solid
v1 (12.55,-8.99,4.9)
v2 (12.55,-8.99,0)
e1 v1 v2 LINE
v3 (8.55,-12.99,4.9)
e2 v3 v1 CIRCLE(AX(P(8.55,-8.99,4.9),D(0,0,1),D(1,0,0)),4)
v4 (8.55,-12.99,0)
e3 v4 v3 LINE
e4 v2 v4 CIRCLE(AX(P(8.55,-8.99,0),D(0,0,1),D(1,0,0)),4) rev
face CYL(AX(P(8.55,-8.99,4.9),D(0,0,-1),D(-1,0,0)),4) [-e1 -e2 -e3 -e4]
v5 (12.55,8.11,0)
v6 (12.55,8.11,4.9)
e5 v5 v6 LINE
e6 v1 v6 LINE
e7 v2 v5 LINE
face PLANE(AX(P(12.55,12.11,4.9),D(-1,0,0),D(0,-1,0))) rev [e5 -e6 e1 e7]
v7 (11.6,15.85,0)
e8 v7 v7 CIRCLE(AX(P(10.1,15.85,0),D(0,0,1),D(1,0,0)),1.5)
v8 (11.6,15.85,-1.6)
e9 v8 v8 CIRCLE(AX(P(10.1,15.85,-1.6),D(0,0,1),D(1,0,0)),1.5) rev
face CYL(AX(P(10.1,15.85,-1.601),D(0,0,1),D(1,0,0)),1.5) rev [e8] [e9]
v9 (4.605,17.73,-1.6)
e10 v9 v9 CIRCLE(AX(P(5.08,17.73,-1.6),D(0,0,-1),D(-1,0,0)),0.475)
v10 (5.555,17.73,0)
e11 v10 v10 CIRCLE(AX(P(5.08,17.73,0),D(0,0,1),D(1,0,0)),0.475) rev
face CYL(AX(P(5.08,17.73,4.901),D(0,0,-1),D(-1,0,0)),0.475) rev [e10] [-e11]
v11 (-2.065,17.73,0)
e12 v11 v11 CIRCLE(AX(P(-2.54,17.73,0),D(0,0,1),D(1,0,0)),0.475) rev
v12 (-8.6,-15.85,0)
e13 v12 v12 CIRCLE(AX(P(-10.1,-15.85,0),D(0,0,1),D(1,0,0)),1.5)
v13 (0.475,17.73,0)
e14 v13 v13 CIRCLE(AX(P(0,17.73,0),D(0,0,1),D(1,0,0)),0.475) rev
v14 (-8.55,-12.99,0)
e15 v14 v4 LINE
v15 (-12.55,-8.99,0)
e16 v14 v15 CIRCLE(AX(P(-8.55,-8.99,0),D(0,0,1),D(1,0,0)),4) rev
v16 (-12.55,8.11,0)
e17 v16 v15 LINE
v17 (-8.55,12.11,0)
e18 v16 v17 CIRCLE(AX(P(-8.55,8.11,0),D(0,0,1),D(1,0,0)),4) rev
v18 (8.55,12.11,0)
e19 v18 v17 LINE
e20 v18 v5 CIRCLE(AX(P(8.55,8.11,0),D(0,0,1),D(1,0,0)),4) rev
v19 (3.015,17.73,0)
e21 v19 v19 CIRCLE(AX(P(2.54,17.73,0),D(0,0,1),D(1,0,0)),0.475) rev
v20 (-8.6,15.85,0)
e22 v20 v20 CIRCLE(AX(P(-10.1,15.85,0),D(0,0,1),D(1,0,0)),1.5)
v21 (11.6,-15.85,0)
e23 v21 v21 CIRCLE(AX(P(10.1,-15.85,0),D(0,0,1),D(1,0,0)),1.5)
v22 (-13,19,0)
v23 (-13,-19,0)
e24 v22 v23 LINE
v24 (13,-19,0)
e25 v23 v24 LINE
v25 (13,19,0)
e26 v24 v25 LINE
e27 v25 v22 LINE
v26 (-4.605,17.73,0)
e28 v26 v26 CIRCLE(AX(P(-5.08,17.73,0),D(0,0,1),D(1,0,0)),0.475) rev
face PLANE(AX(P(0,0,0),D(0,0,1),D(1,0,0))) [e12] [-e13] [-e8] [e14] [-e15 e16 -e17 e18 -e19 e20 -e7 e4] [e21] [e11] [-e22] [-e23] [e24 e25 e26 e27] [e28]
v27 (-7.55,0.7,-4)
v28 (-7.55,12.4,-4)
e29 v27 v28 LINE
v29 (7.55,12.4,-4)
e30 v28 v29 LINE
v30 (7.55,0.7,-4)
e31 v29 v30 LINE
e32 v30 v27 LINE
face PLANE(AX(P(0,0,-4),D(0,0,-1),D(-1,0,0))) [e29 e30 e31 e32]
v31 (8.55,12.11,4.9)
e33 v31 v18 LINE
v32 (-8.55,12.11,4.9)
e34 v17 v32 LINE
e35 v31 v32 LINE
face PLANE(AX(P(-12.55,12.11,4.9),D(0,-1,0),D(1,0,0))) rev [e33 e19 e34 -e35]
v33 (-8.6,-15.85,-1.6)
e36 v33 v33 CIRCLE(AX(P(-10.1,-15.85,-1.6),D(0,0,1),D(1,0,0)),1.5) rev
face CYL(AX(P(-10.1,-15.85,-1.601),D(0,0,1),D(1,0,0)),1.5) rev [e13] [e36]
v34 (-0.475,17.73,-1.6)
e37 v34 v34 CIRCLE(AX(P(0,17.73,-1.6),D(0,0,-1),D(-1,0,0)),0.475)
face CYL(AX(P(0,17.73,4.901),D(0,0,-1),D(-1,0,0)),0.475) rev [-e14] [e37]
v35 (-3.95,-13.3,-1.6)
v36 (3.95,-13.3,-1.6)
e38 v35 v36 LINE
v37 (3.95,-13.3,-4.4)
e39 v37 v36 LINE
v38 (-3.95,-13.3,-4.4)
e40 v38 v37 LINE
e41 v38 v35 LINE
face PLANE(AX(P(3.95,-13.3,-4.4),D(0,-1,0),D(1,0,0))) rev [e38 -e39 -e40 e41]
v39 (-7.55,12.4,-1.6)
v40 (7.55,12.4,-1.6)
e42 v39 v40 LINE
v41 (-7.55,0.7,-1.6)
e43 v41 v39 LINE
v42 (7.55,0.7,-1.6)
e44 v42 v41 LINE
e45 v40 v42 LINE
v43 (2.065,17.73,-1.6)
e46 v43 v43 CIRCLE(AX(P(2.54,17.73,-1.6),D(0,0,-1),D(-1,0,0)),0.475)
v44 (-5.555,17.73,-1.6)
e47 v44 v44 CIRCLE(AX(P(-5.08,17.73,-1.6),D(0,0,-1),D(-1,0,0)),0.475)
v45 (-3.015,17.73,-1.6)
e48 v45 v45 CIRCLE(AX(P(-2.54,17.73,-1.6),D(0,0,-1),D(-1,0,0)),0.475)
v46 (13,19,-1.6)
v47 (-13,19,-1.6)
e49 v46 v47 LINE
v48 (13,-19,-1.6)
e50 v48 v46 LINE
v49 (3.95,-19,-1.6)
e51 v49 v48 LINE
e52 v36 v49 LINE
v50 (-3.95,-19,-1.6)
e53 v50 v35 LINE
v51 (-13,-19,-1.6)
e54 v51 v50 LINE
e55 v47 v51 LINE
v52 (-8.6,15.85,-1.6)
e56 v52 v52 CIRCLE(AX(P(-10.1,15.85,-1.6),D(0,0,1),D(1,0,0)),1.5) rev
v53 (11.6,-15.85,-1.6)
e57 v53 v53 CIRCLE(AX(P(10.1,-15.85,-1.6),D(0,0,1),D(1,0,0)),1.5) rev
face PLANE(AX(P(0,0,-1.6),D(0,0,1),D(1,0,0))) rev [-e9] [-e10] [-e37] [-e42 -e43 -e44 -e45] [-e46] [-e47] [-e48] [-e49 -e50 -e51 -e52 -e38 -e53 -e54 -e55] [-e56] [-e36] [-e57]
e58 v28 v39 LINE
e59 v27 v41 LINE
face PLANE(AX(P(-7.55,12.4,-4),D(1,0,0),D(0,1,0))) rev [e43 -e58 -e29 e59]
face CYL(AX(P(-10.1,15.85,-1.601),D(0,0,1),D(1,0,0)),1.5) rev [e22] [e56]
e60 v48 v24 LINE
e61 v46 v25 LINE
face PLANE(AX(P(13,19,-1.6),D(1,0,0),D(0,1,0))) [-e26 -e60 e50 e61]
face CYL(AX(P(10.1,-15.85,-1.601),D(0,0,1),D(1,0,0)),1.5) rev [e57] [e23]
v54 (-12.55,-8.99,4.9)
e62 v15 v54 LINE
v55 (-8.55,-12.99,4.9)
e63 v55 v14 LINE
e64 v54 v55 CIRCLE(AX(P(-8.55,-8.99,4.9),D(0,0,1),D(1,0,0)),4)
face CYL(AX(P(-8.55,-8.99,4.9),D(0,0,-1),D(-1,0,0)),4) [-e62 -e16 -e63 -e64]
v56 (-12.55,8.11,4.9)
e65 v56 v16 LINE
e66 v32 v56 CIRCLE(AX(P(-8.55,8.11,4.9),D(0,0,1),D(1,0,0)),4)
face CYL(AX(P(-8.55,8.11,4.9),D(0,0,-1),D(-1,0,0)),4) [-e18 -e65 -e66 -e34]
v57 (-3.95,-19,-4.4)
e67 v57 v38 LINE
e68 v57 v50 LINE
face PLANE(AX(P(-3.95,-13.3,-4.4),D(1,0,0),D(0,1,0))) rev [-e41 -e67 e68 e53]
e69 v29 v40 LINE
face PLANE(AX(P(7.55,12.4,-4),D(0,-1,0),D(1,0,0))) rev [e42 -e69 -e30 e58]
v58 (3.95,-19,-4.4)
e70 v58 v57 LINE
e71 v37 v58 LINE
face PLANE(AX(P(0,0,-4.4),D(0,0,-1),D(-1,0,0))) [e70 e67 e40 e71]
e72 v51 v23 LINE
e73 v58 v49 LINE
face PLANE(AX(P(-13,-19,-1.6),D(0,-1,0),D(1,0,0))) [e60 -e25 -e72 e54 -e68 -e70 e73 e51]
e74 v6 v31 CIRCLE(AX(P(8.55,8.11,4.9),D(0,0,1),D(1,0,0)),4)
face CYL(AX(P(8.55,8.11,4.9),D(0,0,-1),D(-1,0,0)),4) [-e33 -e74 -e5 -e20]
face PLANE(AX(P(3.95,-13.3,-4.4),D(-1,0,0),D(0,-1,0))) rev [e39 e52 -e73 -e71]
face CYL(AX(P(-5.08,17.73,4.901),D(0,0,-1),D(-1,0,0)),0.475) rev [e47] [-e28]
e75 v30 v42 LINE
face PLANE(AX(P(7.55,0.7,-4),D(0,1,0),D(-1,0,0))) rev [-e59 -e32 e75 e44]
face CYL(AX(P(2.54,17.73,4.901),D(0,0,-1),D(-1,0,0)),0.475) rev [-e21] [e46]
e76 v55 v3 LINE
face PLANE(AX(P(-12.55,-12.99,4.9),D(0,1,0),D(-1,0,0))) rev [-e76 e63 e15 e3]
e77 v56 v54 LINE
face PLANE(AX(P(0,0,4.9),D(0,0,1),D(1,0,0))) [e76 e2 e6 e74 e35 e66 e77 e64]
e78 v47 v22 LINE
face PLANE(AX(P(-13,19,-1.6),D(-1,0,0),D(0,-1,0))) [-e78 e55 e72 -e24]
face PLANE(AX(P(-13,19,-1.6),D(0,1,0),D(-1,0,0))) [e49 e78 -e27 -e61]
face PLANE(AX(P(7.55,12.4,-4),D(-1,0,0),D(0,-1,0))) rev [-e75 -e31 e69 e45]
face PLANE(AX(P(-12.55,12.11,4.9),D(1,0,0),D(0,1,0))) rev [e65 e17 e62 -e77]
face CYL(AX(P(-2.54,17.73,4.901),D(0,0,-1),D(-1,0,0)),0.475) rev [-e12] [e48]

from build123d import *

# Parameters (mm, degrees)
SKETCH_1_W                 = 26
SKETCH_1_H                 = 38
EXTRUDE_1_DEPTH            = 1.6
CUT_EXTRUDE_1_REACH        = 25.077
SKETCH_2_R                 = 1.5
SKETCH_3_W                 = 25.1
SKETCH_3_H                 = 25.1
EXTRUDE_2_DEPTH            = 4.9
FILLET_1_R                 = 4
SKETCH_6_W                 = 15.1
SKETCH_6_H                 = 11.7
EXTRUDE_3_DEPTH            = 2.4
SKETCH_7_W                 = 7.9
SKETCH_7_H                 = 5.7
EXTRUDE_4_DEPTH            = 2.8
CUT_EXTRUDE_2_REACH        = 25.922
SKETCH_8_R                 = 0.475
PATTERN_LINEAR_1_COUNT     = 3
PATTERN_LINEAR_1_PITCH     = 2.54
PATTERN_LINEAR_1_COL_COUNT = 3
PATTERN_LINEAR_1_COL_PITCH = 2.54


with BuildPart() as part:
    # 草图1 → 凸台-拉伸1 (new body)
    with BuildSketch(Plane.XY):
        Rectangle(SKETCH_1_W, SKETCH_1_H)
    extrude(amount=-EXTRUDE_1_DEPTH)

    # 草图2 → 切除-拉伸1 (cut, up to next)
    with BuildSketch(Plane.XY, mode=Mode.PRIVATE) as cut_extrude_1_sk1:
        with Locations((-10.1, 15.85)):
            Circle(SKETCH_2_R)
    cut_extrude_1_tool1 = extrude(cut_extrude_1_sk1.sketch, amount=-CUT_EXTRUDE_1_REACH, mode=Mode.PRIVATE) & part.part
    # 草图2 → 切除-拉伸1 (cut, up to next)
    with BuildSketch(Plane.XY, mode=Mode.PRIVATE) as cut_extrude_1_sk2:
        with Locations((10.1, 15.85)):
            Circle(SKETCH_2_R)
    cut_extrude_1_tool2 = extrude(cut_extrude_1_sk2.sketch, amount=-CUT_EXTRUDE_1_REACH, mode=Mode.PRIVATE) & part.part
    # 草图2 → 切除-拉伸1 (cut, up to next)
    with BuildSketch(Plane.XY, mode=Mode.PRIVATE) as cut_extrude_1_sk3:
        with Locations((10.1, -15.85)):
            Circle(SKETCH_2_R)
    cut_extrude_1_tool3 = extrude(cut_extrude_1_sk3.sketch, amount=-CUT_EXTRUDE_1_REACH, mode=Mode.PRIVATE) & part.part
    # 草图2 → 切除-拉伸1 (cut, up to next)
    with BuildSketch(Plane.XY, mode=Mode.PRIVATE) as cut_extrude_1_sk4:
        with Locations((-10.1, -15.85)):
            Circle(SKETCH_2_R)
    cut_extrude_1_tool4 = extrude(cut_extrude_1_sk4.sketch, amount=-CUT_EXTRUDE_1_REACH, mode=Mode.PRIVATE) & part.part
    add(cut_extrude_1_tool1.solids().sort_by_distance((-10.1, 15.85, 0))[0], mode=Mode.SUBTRACT)
    add(cut_extrude_1_tool2.solids().sort_by_distance((10.1, 15.85, 0))[0], mode=Mode.SUBTRACT)
    add(cut_extrude_1_tool3.solids().sort_by_distance((10.1, -15.85, 0))[0], mode=Mode.SUBTRACT)
    add(cut_extrude_1_tool4.solids().sort_by_distance((-10.1, -15.85, 0))[0], mode=Mode.SUBTRACT)

    # 草图3 → 凸台-拉伸2 (add)
    with BuildSketch(Plane.XY):
        with Locations((0, -0.44)):
            Rectangle(SKETCH_3_W, SKETCH_3_H)
    extrude(amount=EXTRUDE_2_DEPTH)

    # 圆角1
    fillet_1_edges = [part.edges().sort_by_distance(p)[0] for p in [
        (-12.55, 12.11, 2.45),
        (-12.55, -12.99, 2.45),
        (12.55, -12.99, 2.45),
        (12.55, 12.11, 2.45),
    ]]
    fillet(fillet_1_edges, radius=FILLET_1_R)

    # 草图6 → 凸台-拉伸3 (add)
    with BuildSketch(Plane(origin=(0, 0, -1.6), x_dir=(-1, 0, 0), z_dir=(0, 0, -1))):
        with Locations((0, 6.55)):
            Rectangle(SKETCH_6_W, SKETCH_6_H)
    extrude(amount=EXTRUDE_3_DEPTH)

    # 草图7 → 凸台-拉伸4 (add)
    with BuildSketch(Plane(origin=(0, 0, -1.6), x_dir=(-1, 0, 0), z_dir=(0, 0, -1))):
        with Locations((0, -16.15)):
            Rectangle(SKETCH_7_W, SKETCH_7_H)
    extrude(amount=EXTRUDE_4_DEPTH)

    # 草图8 → 切除-拉伸2 (cut, up to next)
    with BuildSketch(Plane(origin=(0, 0, -1.6), x_dir=(-1, 0, 0), z_dir=(0, 0, -1)), mode=Mode.PRIVATE) as cut_extrude_2_sk1:
        with Locations((0, 17.73)):
            Circle(SKETCH_8_R)
    cut_extrude_2_tool1 = extrude(cut_extrude_2_sk1.sketch, amount=-CUT_EXTRUDE_2_REACH, mode=Mode.PRIVATE) & part.part
    cut_extrude_2 = cut_extrude_2_tool1.solids().sort_by_distance((0, 17.73, -1.6))[0]
    add(cut_extrude_2, mode=Mode.SUBTRACT)

    # 阵列(线性)1: 切除-拉伸2 ×3
    with Locations(*[(-i * PATTERN_LINEAR_1_PITCH, 0, 0) for i in range(1, PATTERN_LINEAR_1_COUNT)]):
        add(cut_extrude_2, mode=Mode.SUBTRACT)

    # 阵列(线性)1 col: 切除-拉伸2 ×3
    with Locations(*[(i * PATTERN_LINEAR_1_COL_PITCH, 0, 0) for i in range(1, PATTERN_LINEAR_1_COL_COUNT)]):
        add(cut_extrude_2, mode=Mode.SUBTRACT)


solid = part.part
